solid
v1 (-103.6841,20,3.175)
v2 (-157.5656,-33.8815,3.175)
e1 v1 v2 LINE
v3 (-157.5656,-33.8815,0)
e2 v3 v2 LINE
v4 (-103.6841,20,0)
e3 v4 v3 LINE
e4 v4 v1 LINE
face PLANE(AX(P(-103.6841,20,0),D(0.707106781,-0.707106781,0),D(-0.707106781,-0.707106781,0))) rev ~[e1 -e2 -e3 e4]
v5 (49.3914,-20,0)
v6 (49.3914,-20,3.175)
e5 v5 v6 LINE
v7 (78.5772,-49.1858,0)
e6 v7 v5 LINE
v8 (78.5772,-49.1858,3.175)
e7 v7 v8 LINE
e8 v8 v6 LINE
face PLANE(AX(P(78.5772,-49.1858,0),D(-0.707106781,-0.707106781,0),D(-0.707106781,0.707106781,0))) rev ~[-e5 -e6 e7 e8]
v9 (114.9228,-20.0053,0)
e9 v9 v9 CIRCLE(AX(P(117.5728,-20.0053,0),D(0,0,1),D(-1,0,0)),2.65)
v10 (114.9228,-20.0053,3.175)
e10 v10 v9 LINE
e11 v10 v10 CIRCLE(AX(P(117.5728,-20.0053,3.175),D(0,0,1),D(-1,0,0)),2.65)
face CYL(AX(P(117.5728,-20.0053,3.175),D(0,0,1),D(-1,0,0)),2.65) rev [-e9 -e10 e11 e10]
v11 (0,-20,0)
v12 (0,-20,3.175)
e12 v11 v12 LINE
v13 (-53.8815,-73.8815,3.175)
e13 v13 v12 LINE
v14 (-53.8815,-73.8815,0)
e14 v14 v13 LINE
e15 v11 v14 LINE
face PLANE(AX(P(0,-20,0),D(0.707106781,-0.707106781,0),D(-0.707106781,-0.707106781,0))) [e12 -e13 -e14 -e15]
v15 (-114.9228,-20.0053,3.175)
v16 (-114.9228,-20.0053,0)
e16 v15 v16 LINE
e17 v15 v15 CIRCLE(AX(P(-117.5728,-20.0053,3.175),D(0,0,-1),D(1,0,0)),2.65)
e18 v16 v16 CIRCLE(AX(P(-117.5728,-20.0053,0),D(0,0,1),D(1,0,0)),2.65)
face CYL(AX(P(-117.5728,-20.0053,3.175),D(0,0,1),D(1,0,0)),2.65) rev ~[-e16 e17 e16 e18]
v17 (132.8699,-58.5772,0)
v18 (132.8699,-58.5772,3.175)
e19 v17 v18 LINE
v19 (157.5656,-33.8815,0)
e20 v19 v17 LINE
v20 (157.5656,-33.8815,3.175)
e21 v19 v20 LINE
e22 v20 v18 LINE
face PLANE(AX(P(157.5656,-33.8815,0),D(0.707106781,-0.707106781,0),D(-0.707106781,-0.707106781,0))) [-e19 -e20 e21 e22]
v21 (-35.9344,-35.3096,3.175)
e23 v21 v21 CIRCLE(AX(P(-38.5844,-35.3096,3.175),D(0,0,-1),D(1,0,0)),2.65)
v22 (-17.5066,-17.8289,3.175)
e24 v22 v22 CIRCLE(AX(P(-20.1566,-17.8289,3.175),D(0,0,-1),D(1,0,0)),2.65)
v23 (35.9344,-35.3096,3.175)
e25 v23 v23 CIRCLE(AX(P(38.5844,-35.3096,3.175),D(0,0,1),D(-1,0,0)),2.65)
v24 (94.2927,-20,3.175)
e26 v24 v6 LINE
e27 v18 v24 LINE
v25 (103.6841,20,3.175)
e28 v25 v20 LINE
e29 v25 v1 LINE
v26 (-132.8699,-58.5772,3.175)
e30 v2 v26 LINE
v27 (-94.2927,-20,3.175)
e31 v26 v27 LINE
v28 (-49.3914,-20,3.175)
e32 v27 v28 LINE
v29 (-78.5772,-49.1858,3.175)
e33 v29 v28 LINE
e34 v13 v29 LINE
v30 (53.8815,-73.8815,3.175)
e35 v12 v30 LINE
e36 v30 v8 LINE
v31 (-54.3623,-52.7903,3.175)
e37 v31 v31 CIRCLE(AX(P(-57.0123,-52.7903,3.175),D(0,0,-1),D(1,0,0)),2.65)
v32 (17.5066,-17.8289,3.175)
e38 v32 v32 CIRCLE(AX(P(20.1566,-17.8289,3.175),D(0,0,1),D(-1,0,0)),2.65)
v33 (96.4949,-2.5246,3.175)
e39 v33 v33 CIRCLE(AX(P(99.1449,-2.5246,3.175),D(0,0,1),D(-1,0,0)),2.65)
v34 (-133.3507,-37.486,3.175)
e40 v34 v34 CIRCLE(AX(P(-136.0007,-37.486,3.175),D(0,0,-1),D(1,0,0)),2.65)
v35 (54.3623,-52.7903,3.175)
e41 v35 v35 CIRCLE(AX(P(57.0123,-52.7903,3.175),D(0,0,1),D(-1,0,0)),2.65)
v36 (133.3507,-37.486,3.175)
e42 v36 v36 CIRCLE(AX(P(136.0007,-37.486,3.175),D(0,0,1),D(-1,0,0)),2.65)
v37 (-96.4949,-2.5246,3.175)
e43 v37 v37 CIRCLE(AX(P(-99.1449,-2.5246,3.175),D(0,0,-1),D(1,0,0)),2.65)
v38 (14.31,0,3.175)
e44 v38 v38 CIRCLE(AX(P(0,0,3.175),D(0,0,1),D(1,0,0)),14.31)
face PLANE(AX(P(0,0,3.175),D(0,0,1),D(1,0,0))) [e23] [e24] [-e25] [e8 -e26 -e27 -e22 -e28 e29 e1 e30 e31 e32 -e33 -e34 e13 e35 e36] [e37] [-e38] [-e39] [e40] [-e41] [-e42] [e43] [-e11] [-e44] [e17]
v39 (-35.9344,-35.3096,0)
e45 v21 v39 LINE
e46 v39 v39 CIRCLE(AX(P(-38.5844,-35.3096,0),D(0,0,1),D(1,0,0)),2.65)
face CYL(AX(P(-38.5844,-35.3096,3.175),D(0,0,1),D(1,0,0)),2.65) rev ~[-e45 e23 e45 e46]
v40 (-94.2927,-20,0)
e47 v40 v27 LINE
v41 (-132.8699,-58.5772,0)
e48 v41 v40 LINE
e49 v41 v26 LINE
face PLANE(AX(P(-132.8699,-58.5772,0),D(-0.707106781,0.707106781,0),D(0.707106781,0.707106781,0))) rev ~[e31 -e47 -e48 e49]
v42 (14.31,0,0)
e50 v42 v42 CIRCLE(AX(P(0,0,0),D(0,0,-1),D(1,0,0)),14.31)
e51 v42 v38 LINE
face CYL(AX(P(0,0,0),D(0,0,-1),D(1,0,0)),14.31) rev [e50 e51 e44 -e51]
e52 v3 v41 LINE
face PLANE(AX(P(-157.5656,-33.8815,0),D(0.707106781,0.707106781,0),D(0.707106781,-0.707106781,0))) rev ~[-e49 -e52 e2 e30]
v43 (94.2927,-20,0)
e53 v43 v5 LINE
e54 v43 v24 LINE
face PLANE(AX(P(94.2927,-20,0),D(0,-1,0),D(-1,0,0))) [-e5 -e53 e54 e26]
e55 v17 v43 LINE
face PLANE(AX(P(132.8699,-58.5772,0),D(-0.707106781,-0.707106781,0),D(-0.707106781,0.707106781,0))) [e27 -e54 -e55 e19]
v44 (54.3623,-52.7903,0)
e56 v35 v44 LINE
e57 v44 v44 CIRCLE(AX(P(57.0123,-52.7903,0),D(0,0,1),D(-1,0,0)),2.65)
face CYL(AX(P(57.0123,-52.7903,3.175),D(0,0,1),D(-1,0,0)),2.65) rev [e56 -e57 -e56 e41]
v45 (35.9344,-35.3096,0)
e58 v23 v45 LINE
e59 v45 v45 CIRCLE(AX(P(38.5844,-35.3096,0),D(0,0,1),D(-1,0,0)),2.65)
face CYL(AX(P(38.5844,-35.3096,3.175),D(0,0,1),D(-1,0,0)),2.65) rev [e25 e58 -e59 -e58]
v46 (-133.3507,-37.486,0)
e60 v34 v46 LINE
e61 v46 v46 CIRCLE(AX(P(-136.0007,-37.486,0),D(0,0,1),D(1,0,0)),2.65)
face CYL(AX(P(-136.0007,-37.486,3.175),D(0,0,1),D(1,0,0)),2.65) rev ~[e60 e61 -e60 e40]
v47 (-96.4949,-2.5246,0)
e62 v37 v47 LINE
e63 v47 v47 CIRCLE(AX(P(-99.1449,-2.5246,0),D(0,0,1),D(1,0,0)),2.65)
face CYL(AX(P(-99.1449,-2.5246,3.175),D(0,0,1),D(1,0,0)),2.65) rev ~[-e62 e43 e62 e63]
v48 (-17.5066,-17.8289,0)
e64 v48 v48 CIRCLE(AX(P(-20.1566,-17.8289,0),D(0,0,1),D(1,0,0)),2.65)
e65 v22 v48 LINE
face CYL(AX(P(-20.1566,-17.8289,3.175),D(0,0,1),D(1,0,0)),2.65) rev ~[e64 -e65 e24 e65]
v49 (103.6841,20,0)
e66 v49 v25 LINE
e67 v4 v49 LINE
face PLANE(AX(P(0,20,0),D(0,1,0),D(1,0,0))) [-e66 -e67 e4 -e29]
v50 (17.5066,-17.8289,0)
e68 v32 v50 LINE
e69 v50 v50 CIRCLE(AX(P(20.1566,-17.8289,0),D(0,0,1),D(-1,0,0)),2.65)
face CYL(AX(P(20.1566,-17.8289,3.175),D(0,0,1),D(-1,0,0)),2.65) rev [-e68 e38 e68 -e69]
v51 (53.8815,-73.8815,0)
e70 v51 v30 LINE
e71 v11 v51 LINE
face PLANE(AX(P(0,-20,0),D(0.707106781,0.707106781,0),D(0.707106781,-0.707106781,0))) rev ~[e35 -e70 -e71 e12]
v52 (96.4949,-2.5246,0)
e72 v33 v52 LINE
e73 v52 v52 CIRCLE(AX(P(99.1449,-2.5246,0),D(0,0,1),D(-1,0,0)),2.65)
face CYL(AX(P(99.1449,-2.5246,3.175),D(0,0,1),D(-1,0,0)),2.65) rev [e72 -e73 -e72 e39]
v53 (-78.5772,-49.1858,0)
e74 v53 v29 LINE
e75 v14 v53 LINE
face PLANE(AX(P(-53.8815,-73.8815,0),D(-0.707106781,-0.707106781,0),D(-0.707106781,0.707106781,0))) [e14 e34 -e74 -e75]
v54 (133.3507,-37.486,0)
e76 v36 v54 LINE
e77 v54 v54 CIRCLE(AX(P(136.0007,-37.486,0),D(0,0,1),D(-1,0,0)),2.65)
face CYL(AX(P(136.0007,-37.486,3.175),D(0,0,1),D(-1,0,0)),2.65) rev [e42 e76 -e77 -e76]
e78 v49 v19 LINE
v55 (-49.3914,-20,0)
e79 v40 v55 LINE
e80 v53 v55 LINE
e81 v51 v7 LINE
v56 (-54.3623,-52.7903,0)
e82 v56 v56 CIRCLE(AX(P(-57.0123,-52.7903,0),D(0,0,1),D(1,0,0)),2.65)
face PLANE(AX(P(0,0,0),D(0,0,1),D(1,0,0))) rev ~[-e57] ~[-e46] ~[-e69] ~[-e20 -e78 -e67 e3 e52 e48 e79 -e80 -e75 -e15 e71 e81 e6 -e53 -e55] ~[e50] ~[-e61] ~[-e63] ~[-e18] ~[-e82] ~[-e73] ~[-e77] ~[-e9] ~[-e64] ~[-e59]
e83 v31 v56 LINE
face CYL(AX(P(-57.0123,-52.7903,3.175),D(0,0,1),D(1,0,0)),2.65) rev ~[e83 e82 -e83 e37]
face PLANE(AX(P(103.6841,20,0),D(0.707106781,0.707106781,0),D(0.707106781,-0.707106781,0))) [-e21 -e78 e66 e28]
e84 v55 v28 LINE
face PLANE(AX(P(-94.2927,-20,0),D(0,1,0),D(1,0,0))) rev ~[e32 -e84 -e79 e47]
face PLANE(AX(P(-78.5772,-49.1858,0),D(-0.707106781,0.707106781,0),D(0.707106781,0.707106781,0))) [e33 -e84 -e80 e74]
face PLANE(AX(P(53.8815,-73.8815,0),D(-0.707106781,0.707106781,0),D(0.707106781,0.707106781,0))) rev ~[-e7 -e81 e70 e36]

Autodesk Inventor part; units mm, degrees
ref_plane "YZ Plane" through (0, 0, 0) normal (1, 0, 0) x (0, 1, 0)
ref_plane "XZ Plane" through (0, 0, 0) normal (0, 1, 0) x (-1, 0, 0)
ref_plane "XY Plane" through (0, 0, 0) normal (0, 0, 1) x (1, 0, 0)
sketch "Sketch1" plane through (0, 0, 0) normal (0, 0, 1) x (1, 0, 0)
  circle A0 centre (0, 0) radius 14.31
  line L0 (-78.5772, -49.1858) -> (-49.3914, -20)
  line L1 (0, -92.6578) -> (0, 38.7763) projected
  line L2 (0, -20) -> (-53.8815, -73.8815)
  line L3 (-53.8815, -73.8815) -> (-78.5772, -49.1858)
  line L4 (0, 20) -> (-103.6841, 20)
  line L5 (-103.6841, 20) -> (-157.5656, -33.8815)
  line L6 (-157.5656, -33.8815) -> (-132.8699, -58.5772)
  line L7 (-132.8699, -58.5772) -> (-94.2927, -20)
  line L8 (-94.2927, -20) -> (-49.3914, -20)
  line L9 (78.5772, -49.1858) -> (49.3914, -20)
  line L10 (0, -20) -> (53.8815, -73.8815)
  line L11 (53.8815, -73.8815) -> (78.5772, -49.1858)
  line L12 (0, 20) -> (103.6841, 20)
  line L13 (103.6841, 20) -> (157.5656, -33.8815)
  line L14 (157.5656, -33.8815) -> (132.8699, -58.5772)
  line L15 (132.8699, -58.5772) -> (94.2927, -20)
  line L16 (94.2927, -20) -> (49.3914, -20)
  line L17 (0, -20) -> (-10.1971, -30.1971)
  point P0 (-68.6659, -39.2745)
  dimension "d1" = 28.62
  dimension "d4" = 76.2
  dimension "d6" = 45
  dimension "d15" = 34.925
  dimension "d59" = 34.925
  dimension "d61" = 101.6
  dimension "d62" = 40
  dimension "d63" = 20
extrude "Extrusion1" add sketch "Sketch1" along normal blind 3.175 contours A0 L1 L12 L13 L14 L15 L16 L9 L11 L10 | A0 L1 L2 L3 L0 L8 L7 L6 L5 L4
sketch "Sketch3" plane through (0, 0, 3.175) normal (0, 0, 1) x (1, 0, 0)
  line L0 (53.8815, -73.8815) -> (78.5772, -49.1858) projected
  line L1 (78.5772, -49.1858) -> (49.3914, -20) projected
  line L2 (49.3914, -20) -> (94.2927, -20) projected
  line L3 (94.2927, -20) -> (132.8699, -58.5772) projected
  line L4 (132.8699, -58.5772) -> (157.5656, -33.8815) projected
  line L5 (157.5656, -33.8815) -> (103.6841, 20) projected
  line L6 (103.6841, 20) -> (-103.6841, 20) projected
  line L7 (-103.6841, 20) -> (-157.5656, -33.8815) projected
  line L8 (-157.5656, -33.8815) -> (-132.8699, -58.5772) projected
  line L9 (-132.8699, -58.5772) -> (-94.2927, -20) projected
  line L10 (-94.2927, -20) -> (-49.3914, -20) projected
  line L11 (-49.3914, -20) -> (-78.5772, -49.1858) projected
  line L12 (-78.5772, -49.1858) -> (-53.8815, -73.8815) projected
  line L13 (-53.8815, -73.8815) -> (0, -20) projected
  line L14 (0, -20) -> (53.8815, -73.8815) projected
  circle A0 centre (0, 0) radius 14.31 projected
  line L15 (-145.2178, -46.2294) -> (-75.3998, 20)
  line L16 (-66.2294, -61.5337) -> (19.7221, 20)
  circle A1 centre (-136.0007, -37.486) radius 2.65
  circle A2 centre (-117.5728, -20.0053) radius 2.65
  circle A3 centre (-99.1449, -2.5246) radius 2.65
  circle A4 centre (-57.0123, -52.7903) radius 2.65
  circle A5 centre (-38.5844, -35.3096) radius 2.65
  circle A6 centre (-20.1566, -17.8289) radius 2.65
  dimension "d64" = 5.3
  dimension "d67" = 25.4
  dimension "d72" = 12.7
  dimension "d73" = 12.7
  dimension "d76" = 25.4
extrude "Extrusion3" cut sketch "Sketch3" against normal blind 25.4 contours A4 L16 | L16 A4 | A5 L16 | L16 A5 | A6 L16 | L16 A6 | A3 L15 | L15 A3 | A1 L15 | L15 A1 | A2 L15 | L15 A2
mirror "Mirror2" about plane through (0, 0, 0) normal (1, 0, 0) of "Extrusion3"
equation "\"d1\" = bearingDiameter"
equation "\"d4\" = boltedLength"
equation "\"d6\" = 0.5 * theta12"
equation "\"d59\" = d15"
equation "\"d61\" = gearboxLength"
equation "\"d62\" = plateHeight"
equation "\"d63\" = 0.5 * plateHeight"
equation "\"topDiameter\" = 45"
equation "\"bearingDiameter\" = 28.62"
equation "\"plateThickness\" = 6.35"
equation "\"theta12\" = 90deg"
equation "\"gearboxLength\" = 101.6"
equation "\"boltedLength\" = 76.2"
equation "\"topDiameter_1\" = 25"
equation "\"shaftLength_1\" = 76.2"
equation "\"bearingDiameter_1\" = 28.62"
equation "\"plateThickness_1\" = 6.35"
equation "\"theta12_1\" = 100deg"
equation "\"boltDiameter_1\" = 6"
equation "\"gearboxLength_1\" = 101.6"
equation "\"boltedLength_1\" = 76.2"
equation "\"innerBoltSpacing_1\" = 12.7"
equation "\"outerBoltSpacing_1\" = 12.7"
equation "\"shaftLength\" = 76.2"
equation "\"boltDiameter\" = 5.3"
equation "\"outerBoltSpacing\" = 12.7"
equation "\"innerBoltSpacing\" = 12.7"
equation "\"plateHeight\" = 40"
properties part number "CH1-01-KneePivotPlate" material "Aluminum 6061"
